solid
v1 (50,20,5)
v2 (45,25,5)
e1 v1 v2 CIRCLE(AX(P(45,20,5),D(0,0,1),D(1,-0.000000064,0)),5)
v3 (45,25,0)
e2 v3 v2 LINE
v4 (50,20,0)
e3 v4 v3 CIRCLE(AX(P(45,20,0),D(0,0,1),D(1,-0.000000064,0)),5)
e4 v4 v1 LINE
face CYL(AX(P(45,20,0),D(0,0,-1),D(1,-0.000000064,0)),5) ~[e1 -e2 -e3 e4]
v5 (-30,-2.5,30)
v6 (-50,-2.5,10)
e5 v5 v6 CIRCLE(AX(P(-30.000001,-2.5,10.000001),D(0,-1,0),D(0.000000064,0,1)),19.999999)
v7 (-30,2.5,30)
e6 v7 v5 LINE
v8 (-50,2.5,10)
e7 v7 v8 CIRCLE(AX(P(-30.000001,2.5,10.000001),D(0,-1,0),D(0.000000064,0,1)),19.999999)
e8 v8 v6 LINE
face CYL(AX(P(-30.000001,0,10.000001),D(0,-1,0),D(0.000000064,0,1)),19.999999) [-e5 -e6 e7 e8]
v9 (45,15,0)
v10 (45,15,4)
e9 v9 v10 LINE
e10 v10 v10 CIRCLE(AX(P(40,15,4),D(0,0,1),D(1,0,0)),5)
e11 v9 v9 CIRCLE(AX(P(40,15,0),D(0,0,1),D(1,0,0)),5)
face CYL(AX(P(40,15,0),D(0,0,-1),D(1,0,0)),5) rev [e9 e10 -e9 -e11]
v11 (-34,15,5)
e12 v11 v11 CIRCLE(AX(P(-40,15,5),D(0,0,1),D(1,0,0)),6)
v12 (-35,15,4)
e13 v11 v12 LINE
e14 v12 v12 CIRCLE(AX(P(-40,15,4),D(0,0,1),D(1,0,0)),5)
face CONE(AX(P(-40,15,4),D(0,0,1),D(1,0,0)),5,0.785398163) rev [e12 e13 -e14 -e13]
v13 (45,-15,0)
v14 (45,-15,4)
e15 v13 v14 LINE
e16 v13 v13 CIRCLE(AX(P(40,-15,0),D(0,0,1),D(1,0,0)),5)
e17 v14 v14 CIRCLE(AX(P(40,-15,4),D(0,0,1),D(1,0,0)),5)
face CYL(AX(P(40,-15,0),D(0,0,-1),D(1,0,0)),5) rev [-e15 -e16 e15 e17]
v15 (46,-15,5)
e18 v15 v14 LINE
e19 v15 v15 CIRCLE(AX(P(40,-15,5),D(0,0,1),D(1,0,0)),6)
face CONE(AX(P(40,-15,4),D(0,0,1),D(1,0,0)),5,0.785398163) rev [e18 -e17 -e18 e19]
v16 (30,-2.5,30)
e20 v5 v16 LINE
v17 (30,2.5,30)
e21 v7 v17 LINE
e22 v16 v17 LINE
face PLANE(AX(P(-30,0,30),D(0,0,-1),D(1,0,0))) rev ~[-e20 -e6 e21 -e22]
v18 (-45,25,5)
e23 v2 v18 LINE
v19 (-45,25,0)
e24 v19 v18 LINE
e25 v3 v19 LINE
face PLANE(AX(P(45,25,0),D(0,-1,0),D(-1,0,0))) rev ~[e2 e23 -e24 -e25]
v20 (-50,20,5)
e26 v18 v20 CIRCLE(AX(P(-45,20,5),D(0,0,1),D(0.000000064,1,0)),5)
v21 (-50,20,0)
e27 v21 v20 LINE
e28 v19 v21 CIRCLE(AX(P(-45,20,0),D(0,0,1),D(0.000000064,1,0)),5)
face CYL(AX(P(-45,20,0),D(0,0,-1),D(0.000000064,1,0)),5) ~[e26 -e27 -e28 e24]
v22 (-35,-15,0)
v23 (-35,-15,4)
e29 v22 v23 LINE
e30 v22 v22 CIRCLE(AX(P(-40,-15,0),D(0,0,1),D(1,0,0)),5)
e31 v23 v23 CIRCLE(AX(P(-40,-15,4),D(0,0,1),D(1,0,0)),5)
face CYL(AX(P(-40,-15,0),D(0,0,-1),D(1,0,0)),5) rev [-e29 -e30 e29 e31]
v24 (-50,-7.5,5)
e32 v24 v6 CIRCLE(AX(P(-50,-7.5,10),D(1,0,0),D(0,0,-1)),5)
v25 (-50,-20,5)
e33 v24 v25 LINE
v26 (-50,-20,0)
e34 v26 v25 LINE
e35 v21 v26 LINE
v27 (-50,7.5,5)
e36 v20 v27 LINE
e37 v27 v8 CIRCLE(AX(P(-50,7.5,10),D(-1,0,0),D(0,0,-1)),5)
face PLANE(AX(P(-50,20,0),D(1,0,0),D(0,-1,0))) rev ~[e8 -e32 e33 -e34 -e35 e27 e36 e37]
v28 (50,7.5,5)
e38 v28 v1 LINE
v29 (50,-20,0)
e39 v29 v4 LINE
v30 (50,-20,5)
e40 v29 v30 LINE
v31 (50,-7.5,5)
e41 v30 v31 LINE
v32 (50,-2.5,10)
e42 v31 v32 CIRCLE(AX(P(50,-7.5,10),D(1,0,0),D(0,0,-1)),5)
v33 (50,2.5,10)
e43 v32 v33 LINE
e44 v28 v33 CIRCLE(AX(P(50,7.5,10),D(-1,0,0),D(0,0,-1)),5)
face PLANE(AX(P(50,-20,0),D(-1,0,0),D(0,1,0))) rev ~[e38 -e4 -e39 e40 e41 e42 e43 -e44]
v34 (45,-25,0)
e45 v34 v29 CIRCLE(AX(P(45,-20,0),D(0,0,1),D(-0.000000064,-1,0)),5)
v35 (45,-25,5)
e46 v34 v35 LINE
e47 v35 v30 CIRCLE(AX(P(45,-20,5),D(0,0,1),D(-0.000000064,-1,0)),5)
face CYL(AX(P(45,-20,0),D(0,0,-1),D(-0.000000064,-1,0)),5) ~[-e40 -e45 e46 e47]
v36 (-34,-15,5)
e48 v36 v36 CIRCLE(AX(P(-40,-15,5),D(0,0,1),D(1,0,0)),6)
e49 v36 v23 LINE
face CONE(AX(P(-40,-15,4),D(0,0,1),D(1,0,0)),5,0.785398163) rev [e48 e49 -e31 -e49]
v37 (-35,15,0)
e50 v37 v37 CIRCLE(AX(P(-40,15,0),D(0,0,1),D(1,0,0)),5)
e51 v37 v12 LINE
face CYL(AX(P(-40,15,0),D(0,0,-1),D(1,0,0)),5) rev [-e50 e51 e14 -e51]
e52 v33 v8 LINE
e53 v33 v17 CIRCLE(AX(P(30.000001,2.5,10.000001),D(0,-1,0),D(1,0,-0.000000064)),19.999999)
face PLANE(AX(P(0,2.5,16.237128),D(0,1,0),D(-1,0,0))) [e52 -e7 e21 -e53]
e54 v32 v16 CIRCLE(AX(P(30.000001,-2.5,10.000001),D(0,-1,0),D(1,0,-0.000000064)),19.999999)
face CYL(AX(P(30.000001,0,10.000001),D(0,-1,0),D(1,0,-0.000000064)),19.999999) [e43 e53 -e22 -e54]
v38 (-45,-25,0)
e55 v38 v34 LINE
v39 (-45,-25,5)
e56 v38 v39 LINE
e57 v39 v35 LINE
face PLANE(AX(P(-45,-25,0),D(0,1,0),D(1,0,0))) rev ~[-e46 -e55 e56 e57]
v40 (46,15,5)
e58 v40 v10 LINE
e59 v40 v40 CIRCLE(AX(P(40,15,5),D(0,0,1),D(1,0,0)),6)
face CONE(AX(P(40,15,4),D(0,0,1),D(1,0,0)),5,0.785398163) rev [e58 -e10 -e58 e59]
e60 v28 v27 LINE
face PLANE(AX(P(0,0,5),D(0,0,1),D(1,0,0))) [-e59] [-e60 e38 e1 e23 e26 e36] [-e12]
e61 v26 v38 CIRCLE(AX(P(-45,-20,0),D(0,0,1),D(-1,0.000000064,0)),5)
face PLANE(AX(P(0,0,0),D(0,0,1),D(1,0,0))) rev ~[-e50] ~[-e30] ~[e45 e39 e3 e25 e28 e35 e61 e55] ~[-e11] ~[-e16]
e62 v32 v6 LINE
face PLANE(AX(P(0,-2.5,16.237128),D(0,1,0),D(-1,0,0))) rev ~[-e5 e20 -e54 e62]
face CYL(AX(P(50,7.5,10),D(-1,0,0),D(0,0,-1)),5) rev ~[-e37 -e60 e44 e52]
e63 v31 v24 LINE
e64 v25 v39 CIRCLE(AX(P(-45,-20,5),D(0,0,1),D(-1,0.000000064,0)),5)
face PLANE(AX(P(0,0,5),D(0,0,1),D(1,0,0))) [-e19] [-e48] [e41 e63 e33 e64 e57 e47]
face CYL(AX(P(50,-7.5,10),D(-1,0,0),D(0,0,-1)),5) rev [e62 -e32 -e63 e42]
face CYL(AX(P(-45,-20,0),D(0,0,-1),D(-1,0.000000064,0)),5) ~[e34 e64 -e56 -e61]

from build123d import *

# Parameters (mm, degrees)
SKETCH_R     = 5
PAD_DEPTH    = 5
PAD001_DEPTH = 2.5
FILLET_R     = 5
CHAMFER_SIZE = 1


with BuildPart() as part:
    # Sketch → Pad (new body)
    with BuildSketch(Plane.XY):
        with BuildLine():
            Line((-50, 20), (-50, -20))
            ThreePointArc((-50, -20), (-48.535534, -23.535534), (-45, -25))
            Line((-45, -25), (45, -25))
            ThreePointArc((45, -25), (48.535534, -23.535534), (50, -20))
            Line((50, -20), (50, 20))
            ThreePointArc((50, 20), (48.535534, 23.535534), (45, 25))
            Line((45, 25), (-45, 25))
            ThreePointArc((-45, 25), (-48.535534, 23.535534), (-50, 20))
        make_face()
        with Locations((-40, 15)):
            Circle(SKETCH_R, mode=Mode.SUBTRACT)
        with Locations((40, 15)):
            Circle(SKETCH_R, mode=Mode.SUBTRACT)
        with Locations((40, -15)):
            Circle(SKETCH_R, mode=Mode.SUBTRACT)
        with Locations((-40, -15)):
            Circle(SKETCH_R, mode=Mode.SUBTRACT)
    extrude(amount=PAD_DEPTH)

    # Sketch001 → Pad001 (join, symmetric)
    with BuildSketch(Plane.XZ):
        with BuildLine():
            Line((-30, 30), (30, 30))
            ThreePointArc((50, 10), (44.142136, 24.142136), (30, 30))
            Line((50, 10), (50, 5))
            Line((50, 5), (-50, 5))
            Line((-50, 5), (-50, 10))
            ThreePointArc((-30, 30), (-44.142136, 24.142136), (-50, 10))
        make_face()
    extrude(amount=PAD001_DEPTH, both=True)

    # Fillet
    fillet_edges = [part.edges().sort_by_distance(p)[0] for p in [
        (0, -2.5, 5),
        (0, 2.5, 5),
    ]]
    fillet(fillet_edges, radius=FILLET_R)

    # Chamfer
    chamfer_edges = [part.edges().sort_by_distance(p)[0] for p in [
        (35, -15, 5),
        (-45, -15, 5),
        (-45, 15, 5),
        (35, 15, 5),
    ]]
    chamfer(chamfer_edges, length=CHAMFER_SIZE)


solid = part.part
